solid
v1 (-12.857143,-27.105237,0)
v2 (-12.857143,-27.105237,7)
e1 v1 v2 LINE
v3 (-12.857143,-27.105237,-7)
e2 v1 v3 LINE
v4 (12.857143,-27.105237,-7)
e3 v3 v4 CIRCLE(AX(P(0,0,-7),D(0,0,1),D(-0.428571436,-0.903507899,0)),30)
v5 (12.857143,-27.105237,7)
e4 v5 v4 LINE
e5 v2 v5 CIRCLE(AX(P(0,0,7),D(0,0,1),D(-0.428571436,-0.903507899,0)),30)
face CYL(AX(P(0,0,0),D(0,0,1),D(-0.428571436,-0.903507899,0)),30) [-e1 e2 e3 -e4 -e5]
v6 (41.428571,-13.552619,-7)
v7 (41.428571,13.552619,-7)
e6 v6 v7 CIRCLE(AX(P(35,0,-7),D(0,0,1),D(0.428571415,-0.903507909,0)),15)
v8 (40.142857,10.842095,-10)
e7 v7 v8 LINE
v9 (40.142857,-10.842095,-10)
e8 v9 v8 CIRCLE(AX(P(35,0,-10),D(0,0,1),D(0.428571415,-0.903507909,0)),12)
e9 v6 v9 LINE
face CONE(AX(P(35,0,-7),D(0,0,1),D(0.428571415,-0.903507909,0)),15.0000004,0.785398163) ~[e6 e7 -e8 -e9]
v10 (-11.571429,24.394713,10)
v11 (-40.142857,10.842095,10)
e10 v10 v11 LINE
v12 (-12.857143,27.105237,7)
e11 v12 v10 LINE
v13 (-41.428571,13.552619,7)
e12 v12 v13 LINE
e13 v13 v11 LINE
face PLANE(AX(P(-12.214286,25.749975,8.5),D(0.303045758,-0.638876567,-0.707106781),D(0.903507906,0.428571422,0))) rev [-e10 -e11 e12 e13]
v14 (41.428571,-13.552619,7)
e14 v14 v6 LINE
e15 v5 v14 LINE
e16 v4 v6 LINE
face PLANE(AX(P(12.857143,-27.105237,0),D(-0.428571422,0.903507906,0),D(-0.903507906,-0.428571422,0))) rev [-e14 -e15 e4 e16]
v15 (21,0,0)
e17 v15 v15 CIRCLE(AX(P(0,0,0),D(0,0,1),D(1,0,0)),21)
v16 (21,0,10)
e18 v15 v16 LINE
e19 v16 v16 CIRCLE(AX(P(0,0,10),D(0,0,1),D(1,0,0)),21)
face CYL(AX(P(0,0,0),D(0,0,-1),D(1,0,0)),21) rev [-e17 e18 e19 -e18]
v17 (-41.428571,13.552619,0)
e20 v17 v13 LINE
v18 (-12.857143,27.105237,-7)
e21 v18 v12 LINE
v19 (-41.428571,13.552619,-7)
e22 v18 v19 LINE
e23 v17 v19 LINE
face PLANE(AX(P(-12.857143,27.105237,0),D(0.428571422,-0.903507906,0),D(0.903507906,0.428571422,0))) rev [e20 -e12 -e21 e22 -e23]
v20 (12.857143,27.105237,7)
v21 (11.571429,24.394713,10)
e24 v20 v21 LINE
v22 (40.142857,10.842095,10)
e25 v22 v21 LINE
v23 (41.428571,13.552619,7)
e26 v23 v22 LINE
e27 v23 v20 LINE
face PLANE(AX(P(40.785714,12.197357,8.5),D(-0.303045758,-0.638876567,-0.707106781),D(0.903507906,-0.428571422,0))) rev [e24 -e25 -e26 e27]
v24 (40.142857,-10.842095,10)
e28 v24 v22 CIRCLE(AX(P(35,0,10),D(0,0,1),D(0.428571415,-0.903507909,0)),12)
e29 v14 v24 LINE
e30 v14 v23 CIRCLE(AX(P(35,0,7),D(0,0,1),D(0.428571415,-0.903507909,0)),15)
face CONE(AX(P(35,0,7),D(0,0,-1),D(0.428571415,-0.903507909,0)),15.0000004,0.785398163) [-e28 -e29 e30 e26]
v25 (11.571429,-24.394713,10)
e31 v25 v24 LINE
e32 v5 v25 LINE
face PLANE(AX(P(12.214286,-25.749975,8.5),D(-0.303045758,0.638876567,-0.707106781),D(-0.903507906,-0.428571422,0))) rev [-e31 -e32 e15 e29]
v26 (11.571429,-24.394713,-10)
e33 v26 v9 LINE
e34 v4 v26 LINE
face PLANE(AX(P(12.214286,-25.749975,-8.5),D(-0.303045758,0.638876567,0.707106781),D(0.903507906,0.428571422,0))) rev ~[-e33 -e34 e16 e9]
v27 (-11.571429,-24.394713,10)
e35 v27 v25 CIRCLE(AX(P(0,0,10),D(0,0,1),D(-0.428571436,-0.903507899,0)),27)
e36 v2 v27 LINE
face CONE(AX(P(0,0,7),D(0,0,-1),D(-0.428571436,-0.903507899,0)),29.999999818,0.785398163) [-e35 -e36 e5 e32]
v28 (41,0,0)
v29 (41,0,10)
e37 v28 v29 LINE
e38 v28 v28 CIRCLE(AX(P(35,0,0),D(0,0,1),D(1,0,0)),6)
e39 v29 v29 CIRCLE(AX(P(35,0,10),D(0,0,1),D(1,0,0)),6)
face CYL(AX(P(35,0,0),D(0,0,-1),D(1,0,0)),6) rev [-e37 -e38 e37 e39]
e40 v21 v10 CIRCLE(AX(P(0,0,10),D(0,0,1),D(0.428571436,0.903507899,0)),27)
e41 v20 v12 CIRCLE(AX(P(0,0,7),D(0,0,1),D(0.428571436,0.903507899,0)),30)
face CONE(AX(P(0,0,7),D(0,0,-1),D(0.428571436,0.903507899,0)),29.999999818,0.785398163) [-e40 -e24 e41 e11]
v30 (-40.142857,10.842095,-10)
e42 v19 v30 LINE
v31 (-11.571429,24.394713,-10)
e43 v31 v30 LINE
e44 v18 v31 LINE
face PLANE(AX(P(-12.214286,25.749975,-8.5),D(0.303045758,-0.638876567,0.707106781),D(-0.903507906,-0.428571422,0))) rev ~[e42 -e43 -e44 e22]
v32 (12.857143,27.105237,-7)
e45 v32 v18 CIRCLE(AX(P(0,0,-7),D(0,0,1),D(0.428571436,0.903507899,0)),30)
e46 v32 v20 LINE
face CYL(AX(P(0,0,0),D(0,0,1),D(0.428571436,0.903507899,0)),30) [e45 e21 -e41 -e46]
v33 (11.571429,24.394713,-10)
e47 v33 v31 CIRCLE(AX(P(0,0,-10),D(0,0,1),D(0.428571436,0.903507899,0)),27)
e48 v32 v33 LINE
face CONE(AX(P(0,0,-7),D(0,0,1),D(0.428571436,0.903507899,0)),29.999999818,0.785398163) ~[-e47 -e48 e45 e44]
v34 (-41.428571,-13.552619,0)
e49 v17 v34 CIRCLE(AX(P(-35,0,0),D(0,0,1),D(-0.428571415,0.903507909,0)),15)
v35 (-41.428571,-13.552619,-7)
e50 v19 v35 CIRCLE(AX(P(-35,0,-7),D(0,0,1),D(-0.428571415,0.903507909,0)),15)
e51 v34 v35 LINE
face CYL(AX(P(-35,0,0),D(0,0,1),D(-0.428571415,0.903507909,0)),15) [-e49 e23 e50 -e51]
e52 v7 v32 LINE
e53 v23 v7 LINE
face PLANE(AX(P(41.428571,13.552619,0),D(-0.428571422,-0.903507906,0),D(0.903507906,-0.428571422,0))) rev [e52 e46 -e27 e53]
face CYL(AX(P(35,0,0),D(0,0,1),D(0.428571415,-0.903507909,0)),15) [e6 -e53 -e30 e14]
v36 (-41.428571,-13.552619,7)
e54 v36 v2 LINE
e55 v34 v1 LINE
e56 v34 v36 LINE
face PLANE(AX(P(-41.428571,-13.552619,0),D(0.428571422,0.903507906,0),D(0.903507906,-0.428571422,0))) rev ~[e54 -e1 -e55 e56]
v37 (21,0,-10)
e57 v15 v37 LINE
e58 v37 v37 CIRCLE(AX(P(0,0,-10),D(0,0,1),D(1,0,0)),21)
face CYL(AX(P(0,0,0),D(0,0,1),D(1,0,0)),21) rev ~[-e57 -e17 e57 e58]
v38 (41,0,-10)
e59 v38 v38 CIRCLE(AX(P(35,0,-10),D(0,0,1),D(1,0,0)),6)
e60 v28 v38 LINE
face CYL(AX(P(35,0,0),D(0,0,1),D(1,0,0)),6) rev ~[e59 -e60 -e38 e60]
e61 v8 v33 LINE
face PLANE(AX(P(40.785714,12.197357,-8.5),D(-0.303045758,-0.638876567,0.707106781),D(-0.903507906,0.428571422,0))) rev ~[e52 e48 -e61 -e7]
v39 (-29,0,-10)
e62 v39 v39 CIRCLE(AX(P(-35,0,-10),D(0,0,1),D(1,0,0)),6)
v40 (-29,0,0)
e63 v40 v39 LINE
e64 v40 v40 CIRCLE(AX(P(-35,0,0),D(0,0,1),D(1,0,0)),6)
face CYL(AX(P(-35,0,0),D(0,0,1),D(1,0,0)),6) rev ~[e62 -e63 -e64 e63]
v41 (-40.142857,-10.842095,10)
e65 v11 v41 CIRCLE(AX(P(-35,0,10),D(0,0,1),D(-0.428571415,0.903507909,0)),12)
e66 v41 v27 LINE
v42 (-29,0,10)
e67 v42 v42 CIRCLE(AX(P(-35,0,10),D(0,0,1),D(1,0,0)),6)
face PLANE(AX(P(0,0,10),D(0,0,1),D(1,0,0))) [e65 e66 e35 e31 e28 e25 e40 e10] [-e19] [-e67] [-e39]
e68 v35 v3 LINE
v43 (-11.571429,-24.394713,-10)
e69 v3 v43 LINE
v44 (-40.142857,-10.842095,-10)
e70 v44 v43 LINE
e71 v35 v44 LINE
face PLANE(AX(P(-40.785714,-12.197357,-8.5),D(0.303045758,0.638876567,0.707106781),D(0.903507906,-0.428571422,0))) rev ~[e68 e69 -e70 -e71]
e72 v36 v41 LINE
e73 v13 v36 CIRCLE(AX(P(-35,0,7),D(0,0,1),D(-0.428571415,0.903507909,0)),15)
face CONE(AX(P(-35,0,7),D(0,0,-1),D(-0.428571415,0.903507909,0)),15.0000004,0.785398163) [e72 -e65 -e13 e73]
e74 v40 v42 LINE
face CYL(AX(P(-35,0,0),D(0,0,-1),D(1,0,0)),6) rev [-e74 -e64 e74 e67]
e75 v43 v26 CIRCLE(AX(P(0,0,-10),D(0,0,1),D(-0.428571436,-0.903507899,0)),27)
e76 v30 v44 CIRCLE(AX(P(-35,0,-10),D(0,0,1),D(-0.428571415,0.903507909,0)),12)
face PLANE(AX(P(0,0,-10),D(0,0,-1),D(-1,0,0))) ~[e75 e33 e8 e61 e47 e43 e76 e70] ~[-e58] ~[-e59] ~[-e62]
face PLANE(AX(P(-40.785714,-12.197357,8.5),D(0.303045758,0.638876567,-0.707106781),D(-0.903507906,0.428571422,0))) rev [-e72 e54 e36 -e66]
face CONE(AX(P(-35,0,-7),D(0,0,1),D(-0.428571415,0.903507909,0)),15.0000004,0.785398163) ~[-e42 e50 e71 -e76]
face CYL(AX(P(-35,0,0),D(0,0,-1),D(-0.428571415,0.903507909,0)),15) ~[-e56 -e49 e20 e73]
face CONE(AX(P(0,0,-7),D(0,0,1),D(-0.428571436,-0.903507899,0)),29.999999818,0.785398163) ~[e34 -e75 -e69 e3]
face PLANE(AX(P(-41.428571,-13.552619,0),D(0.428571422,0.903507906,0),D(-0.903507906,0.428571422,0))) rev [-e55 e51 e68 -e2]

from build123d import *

# Parameters (mm, degrees)
F0_R     = 6
F0_R_2   = 21
F1_DEPTH = 10
F2_SIZE  = 3


with BuildPart() as f1:
    # F0 (on Top) → F1 (new body)
    with BuildSketch(Plane.XY):
        with BuildLine():
            Line((41.428571, 13.552619), (12.857143, 27.105237))
            ThreePointArc((12.857143, 27.105237), (0, 30), (-12.857143, 27.105237))
            Line((-12.857143, 27.105237), (-41.428571, 13.552619))
            ThreePointArc((-41.428571, 13.552619), (-50, 0), (-41.428571, -13.552619))
            Line((-41.428571, -13.552619), (-12.857143, -27.105237))
            ThreePointArc((-12.857143, -27.105237), (0, -30), (12.857143, -27.105237))
            Line((12.857143, -27.105237), (41.428571, -13.552619))
            ThreePointArc((41.428571, -13.552619), (50, 0), (41.428571, 13.552619))
        make_face()
        with Locations((-35, 0)):
            Circle(F0_R, mode=Mode.SUBTRACT)
        Circle(F0_R_2, mode=Mode.SUBTRACT)
        with Locations((35, 0)):
            Circle(F0_R, mode=Mode.SUBTRACT)
    extrude(amount=F1_DEPTH)

    # F2
    f2_edges = [f1.edges().sort_by_distance(p)[0] for p in [
        (-27.142857, -20.328928, 10),
        (0, -30, 10),
        (27.142857, -20.328928, 10),
    ]]
    chamfer(f2_edges, length=F2_SIZE)

    # F3: F1 across face


with BuildPart() as f1_1:
    add(f1.part)
    add(f1.part.mirror(Plane(origin=(0, 0, 0), x_dir=(1, 0, 0), z_dir=(0, 0, -1))))


solid = f1_1.part
